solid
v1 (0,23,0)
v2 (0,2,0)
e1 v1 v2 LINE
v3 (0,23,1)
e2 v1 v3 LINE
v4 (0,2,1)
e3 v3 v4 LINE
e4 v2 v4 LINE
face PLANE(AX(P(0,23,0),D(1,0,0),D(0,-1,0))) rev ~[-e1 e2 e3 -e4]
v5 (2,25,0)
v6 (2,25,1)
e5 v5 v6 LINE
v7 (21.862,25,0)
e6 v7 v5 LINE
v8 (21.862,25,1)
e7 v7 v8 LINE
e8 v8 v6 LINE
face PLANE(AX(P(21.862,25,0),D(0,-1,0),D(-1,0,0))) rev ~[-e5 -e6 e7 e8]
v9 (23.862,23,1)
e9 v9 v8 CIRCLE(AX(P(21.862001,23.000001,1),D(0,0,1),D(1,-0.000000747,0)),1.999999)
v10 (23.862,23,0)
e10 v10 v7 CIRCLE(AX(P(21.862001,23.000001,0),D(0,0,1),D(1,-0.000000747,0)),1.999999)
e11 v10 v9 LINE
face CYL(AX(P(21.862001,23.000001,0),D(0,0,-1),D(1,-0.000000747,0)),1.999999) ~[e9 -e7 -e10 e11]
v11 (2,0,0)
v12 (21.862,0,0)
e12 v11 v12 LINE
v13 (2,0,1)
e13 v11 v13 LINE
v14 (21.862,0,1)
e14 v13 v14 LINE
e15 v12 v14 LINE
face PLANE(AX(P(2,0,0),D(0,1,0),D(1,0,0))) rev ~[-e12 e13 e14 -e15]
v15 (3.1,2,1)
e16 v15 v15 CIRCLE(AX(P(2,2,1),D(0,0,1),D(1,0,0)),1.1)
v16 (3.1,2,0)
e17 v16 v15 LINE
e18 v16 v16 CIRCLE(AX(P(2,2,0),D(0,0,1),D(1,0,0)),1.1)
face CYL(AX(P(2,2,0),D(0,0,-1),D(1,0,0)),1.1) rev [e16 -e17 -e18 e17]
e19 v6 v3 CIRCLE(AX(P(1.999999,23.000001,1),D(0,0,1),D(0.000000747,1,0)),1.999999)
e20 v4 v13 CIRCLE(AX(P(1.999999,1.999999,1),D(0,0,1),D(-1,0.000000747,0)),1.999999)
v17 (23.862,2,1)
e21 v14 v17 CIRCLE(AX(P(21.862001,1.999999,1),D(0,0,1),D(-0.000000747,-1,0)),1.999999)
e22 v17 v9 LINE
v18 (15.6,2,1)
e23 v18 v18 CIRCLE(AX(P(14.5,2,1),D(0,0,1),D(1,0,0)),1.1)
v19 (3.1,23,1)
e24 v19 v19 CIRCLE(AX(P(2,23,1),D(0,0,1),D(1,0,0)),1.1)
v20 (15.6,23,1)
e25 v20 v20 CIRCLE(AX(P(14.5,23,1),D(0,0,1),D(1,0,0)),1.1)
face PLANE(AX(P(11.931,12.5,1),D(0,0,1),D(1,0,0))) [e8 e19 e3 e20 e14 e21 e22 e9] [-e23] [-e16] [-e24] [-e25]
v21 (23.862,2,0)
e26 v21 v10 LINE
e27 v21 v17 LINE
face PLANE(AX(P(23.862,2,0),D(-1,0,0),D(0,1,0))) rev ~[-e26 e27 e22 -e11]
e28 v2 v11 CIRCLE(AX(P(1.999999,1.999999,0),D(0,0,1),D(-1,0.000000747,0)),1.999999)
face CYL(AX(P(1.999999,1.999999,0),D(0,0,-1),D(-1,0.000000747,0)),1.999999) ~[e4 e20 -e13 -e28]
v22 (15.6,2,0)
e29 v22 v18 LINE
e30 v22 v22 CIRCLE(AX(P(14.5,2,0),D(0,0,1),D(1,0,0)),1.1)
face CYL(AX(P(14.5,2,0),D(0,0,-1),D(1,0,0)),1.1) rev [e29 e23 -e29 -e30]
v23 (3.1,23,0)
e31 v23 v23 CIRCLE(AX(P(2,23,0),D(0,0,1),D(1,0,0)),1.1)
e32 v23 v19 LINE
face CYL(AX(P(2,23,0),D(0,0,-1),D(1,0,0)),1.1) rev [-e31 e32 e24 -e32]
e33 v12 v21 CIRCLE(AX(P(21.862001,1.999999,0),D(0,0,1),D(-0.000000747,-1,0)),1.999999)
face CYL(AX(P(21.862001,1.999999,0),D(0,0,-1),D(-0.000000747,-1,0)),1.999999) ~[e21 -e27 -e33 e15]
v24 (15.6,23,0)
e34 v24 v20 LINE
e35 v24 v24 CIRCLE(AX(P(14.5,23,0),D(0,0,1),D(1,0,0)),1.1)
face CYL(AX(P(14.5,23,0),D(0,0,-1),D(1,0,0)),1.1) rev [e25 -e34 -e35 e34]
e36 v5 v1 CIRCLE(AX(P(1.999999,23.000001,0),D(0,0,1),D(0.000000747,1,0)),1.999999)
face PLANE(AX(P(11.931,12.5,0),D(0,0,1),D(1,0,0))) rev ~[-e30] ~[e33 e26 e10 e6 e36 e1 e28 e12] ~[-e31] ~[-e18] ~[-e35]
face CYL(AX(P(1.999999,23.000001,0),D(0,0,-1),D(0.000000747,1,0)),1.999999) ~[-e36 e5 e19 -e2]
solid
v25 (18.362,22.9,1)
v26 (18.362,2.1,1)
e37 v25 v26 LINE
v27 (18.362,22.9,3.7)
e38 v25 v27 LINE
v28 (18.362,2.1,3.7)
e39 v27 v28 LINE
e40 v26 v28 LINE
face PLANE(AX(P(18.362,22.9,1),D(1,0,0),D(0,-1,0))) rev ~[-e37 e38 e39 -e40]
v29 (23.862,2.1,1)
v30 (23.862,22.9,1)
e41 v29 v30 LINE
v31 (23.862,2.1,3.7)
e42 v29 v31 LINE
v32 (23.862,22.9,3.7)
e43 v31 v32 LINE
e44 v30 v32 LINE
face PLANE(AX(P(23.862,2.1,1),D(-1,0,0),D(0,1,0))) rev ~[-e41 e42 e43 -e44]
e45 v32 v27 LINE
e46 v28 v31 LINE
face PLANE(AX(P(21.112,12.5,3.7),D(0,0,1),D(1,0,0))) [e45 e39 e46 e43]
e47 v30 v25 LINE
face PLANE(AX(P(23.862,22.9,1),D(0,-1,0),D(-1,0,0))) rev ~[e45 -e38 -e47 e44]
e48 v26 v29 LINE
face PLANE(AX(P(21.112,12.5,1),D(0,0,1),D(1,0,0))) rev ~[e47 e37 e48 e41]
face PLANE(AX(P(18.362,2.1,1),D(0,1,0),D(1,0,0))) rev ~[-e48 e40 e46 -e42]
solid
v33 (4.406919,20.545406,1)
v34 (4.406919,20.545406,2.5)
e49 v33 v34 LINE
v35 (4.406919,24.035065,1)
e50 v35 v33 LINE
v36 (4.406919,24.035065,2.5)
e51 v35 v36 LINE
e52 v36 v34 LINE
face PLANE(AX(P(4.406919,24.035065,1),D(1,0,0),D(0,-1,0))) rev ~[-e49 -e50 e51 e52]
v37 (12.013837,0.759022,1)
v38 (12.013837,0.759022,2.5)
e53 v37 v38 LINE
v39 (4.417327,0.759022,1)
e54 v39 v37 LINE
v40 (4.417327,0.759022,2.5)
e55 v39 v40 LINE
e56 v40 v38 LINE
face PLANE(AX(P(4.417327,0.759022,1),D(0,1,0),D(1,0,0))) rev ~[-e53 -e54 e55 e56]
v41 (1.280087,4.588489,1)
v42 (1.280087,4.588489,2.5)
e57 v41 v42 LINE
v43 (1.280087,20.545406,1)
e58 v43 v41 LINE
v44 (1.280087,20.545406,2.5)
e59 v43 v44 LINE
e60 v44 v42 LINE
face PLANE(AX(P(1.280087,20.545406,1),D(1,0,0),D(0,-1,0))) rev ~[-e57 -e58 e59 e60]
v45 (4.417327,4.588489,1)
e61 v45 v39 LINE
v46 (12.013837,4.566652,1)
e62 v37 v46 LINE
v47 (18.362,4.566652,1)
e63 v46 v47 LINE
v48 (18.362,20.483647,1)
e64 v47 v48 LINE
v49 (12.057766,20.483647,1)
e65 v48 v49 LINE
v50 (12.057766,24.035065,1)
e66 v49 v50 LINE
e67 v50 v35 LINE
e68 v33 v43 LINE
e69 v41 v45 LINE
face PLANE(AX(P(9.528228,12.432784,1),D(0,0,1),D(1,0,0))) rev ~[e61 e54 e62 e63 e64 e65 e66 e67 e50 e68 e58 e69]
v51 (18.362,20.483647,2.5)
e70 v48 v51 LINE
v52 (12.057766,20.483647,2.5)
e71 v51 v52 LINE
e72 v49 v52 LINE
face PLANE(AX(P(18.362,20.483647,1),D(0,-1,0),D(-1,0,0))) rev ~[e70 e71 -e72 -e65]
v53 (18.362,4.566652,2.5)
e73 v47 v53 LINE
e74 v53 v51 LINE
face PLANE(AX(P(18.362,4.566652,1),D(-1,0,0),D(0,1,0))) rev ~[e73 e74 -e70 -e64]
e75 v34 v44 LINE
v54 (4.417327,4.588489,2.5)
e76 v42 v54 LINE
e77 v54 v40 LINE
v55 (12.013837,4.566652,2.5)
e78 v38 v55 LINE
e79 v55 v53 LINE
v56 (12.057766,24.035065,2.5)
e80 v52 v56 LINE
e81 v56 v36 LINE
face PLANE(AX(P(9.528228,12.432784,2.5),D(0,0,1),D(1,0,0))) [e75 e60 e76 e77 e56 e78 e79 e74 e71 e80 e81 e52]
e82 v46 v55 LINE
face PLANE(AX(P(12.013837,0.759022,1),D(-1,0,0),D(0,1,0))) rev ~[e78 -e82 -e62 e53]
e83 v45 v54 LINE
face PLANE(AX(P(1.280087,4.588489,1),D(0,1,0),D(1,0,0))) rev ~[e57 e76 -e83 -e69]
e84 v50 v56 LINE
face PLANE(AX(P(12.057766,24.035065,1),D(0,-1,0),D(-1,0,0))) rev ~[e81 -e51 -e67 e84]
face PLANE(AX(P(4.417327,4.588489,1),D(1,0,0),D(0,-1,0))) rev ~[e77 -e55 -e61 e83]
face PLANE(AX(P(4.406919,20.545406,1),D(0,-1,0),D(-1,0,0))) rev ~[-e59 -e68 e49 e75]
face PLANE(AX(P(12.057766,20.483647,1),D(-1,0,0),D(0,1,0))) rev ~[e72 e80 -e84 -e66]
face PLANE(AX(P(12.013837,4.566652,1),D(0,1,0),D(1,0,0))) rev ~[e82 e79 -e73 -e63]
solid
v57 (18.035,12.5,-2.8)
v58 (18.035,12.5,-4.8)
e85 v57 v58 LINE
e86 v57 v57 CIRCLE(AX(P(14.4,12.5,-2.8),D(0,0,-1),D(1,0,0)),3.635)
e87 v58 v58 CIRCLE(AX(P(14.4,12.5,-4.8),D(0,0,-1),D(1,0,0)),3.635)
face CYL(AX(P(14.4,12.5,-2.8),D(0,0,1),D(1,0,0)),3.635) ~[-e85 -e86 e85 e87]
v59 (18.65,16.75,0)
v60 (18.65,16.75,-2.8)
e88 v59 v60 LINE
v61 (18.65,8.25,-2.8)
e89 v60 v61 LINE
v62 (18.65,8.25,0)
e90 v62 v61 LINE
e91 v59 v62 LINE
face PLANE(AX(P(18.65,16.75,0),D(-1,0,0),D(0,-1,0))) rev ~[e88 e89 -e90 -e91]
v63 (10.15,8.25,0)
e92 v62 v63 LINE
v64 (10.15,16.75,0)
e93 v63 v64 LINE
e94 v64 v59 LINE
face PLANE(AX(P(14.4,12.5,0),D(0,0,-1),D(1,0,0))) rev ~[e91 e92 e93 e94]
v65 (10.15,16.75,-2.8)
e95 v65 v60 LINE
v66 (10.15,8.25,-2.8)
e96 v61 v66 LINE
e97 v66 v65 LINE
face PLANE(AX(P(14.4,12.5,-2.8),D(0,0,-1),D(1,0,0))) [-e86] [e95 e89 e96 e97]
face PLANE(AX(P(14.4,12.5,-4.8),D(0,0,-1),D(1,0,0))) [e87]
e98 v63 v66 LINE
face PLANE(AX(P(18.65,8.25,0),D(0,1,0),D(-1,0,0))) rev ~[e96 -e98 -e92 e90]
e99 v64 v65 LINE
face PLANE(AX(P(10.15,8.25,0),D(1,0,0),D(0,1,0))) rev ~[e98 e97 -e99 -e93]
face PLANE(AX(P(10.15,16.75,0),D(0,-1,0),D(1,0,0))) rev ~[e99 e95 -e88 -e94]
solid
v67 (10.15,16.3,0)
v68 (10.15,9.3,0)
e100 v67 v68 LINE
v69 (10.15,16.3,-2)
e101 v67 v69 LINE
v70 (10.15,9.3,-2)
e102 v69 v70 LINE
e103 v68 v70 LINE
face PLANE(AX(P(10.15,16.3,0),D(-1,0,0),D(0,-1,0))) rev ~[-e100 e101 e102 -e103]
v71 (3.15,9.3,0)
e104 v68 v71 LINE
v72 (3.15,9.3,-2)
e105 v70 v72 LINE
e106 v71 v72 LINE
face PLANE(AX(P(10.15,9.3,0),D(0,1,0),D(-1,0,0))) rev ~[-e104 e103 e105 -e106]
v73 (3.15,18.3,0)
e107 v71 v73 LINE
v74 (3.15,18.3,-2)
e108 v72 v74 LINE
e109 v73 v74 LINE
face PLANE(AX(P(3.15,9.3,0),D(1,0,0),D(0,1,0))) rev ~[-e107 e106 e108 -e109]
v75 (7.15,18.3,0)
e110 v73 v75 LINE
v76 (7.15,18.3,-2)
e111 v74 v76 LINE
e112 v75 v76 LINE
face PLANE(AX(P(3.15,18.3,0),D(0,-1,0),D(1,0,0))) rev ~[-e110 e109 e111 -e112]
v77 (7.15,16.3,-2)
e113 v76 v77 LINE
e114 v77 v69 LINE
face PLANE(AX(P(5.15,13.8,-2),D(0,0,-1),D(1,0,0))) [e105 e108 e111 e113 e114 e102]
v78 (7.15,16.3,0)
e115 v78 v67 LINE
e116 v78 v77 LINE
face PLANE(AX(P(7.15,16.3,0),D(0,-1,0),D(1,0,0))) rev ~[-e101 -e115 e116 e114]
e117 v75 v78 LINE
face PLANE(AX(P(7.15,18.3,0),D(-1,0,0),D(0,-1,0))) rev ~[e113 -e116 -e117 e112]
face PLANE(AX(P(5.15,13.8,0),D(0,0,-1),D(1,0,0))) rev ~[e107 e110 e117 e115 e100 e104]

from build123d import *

# Parameters (mm, degrees)
F0_R     = 1.1
F1_DEPTH = 1
F3_DEPTH = 2.7
F5_DEPTH = 2.8
F6_R     = 3.635
F7_DEPTH = 2
F4_W     = 3
F4_H     = 7
F8_DEPTH = 2
F9_DEPTH = 1.5


with BuildPart() as f1:
    # F0 (on Top) → F1 (new body)
    with BuildSketch(Plane.XY):
        with BuildLine():
            Line((21.862, 25), (2, 25))
            ThreePointArc((2, 25), (0.585786, 24.414214), (0, 23))
            Line((0, 23), (0, 2))
            ThreePointArc((0, 2), (0.585786, 0.585786), (2, 0))
            Line((2, 0), (21.862, 0))
            ThreePointArc((21.862, 0), (23.276214, 0.585786), (23.862, 2))
            Line((23.862, 2), (23.862, 23))
            ThreePointArc((23.862, 23), (23.276214, 24.414214), (21.862, 25))
        make_face()
        with Locations((2, 2)):
            Circle(F0_R, mode=Mode.SUBTRACT)
        with Locations((14.5, 2)):
            Circle(F0_R, mode=Mode.SUBTRACT)
        with Locations((2, 23)):
            Circle(F0_R, mode=Mode.SUBTRACT)
        with Locations((14.5, 23)):
            Circle(F0_R, mode=Mode.SUBTRACT)
    extrude(amount=F1_DEPTH)


with BuildPart() as f3:
    # F2 (on face) → F3 (new body)
    with BuildSketch(Plane.XY.offset(1)):
        Polygon((23.862, 2.1), (23.862, 22.9), (18.362, 22.9), (18.362, 20.483647), (18.362, 4.566652), (18.362, 2.1), align=None)
    extrude(amount=F3_DEPTH)


with BuildPart() as f5:
    # F4 (on face) → F5 (new body)
    with BuildSketch(Plane(origin=(0, 0, 0), x_dir=(1, 0, 0), z_dir=(0, 0, -1))):
        Polygon((10.15, -16.75), (18.65, -16.75), (18.65, -8.25), (10.15, -8.25), (10.15, -9.3), (10.15, -16.3), align=None)
    extrude(amount=F5_DEPTH)

    # F6 (on face) → F7 (join)
    with BuildSketch(Plane(origin=(0, 0, -2.8), x_dir=(1, 0, 0), z_dir=(0, 0, -1))):
        with Locations((14.4, -12.5)):
            Circle(F6_R)
    extrude(amount=F7_DEPTH)


with BuildPart() as f8:
    # F4 (on face) → F8 (new body)
    with BuildSketch(Plane(origin=(0, 0, 0), x_dir=(1, 0, 0), z_dir=(0, 0, -1))):
        Polygon((7.15, -18.3), (7.15, -16.3), (7.15, -9.3), (3.15, -9.3), (3.15, -18.3), align=None)
        with Locations((8.65, -12.8)):
            Rectangle(F4_W, F4_H)
    extrude(amount=F8_DEPTH)


with BuildPart() as f9:
    # F2 (on face) → F9 (new body)
    with BuildSketch(Plane.XY.offset(1)):
        Polygon((18.362, 4.566652), (18.362, 20.483647), (12.057766, 20.483647), (12.057766, 24.035065), (4.406919, 24.035065), (4.406919, 20.545406), (1.280087, 20.545406), (1.280087, 4.588489), (4.417327, 4.588489), (4.417327, 0.759022), (12.013837, 0.759022), (12.013837, 4.566652), align=None)
    extrude(amount=F9_DEPTH)


solid = Compound([f1.part, f3.part, f5.part, f8.part, f9.part])
